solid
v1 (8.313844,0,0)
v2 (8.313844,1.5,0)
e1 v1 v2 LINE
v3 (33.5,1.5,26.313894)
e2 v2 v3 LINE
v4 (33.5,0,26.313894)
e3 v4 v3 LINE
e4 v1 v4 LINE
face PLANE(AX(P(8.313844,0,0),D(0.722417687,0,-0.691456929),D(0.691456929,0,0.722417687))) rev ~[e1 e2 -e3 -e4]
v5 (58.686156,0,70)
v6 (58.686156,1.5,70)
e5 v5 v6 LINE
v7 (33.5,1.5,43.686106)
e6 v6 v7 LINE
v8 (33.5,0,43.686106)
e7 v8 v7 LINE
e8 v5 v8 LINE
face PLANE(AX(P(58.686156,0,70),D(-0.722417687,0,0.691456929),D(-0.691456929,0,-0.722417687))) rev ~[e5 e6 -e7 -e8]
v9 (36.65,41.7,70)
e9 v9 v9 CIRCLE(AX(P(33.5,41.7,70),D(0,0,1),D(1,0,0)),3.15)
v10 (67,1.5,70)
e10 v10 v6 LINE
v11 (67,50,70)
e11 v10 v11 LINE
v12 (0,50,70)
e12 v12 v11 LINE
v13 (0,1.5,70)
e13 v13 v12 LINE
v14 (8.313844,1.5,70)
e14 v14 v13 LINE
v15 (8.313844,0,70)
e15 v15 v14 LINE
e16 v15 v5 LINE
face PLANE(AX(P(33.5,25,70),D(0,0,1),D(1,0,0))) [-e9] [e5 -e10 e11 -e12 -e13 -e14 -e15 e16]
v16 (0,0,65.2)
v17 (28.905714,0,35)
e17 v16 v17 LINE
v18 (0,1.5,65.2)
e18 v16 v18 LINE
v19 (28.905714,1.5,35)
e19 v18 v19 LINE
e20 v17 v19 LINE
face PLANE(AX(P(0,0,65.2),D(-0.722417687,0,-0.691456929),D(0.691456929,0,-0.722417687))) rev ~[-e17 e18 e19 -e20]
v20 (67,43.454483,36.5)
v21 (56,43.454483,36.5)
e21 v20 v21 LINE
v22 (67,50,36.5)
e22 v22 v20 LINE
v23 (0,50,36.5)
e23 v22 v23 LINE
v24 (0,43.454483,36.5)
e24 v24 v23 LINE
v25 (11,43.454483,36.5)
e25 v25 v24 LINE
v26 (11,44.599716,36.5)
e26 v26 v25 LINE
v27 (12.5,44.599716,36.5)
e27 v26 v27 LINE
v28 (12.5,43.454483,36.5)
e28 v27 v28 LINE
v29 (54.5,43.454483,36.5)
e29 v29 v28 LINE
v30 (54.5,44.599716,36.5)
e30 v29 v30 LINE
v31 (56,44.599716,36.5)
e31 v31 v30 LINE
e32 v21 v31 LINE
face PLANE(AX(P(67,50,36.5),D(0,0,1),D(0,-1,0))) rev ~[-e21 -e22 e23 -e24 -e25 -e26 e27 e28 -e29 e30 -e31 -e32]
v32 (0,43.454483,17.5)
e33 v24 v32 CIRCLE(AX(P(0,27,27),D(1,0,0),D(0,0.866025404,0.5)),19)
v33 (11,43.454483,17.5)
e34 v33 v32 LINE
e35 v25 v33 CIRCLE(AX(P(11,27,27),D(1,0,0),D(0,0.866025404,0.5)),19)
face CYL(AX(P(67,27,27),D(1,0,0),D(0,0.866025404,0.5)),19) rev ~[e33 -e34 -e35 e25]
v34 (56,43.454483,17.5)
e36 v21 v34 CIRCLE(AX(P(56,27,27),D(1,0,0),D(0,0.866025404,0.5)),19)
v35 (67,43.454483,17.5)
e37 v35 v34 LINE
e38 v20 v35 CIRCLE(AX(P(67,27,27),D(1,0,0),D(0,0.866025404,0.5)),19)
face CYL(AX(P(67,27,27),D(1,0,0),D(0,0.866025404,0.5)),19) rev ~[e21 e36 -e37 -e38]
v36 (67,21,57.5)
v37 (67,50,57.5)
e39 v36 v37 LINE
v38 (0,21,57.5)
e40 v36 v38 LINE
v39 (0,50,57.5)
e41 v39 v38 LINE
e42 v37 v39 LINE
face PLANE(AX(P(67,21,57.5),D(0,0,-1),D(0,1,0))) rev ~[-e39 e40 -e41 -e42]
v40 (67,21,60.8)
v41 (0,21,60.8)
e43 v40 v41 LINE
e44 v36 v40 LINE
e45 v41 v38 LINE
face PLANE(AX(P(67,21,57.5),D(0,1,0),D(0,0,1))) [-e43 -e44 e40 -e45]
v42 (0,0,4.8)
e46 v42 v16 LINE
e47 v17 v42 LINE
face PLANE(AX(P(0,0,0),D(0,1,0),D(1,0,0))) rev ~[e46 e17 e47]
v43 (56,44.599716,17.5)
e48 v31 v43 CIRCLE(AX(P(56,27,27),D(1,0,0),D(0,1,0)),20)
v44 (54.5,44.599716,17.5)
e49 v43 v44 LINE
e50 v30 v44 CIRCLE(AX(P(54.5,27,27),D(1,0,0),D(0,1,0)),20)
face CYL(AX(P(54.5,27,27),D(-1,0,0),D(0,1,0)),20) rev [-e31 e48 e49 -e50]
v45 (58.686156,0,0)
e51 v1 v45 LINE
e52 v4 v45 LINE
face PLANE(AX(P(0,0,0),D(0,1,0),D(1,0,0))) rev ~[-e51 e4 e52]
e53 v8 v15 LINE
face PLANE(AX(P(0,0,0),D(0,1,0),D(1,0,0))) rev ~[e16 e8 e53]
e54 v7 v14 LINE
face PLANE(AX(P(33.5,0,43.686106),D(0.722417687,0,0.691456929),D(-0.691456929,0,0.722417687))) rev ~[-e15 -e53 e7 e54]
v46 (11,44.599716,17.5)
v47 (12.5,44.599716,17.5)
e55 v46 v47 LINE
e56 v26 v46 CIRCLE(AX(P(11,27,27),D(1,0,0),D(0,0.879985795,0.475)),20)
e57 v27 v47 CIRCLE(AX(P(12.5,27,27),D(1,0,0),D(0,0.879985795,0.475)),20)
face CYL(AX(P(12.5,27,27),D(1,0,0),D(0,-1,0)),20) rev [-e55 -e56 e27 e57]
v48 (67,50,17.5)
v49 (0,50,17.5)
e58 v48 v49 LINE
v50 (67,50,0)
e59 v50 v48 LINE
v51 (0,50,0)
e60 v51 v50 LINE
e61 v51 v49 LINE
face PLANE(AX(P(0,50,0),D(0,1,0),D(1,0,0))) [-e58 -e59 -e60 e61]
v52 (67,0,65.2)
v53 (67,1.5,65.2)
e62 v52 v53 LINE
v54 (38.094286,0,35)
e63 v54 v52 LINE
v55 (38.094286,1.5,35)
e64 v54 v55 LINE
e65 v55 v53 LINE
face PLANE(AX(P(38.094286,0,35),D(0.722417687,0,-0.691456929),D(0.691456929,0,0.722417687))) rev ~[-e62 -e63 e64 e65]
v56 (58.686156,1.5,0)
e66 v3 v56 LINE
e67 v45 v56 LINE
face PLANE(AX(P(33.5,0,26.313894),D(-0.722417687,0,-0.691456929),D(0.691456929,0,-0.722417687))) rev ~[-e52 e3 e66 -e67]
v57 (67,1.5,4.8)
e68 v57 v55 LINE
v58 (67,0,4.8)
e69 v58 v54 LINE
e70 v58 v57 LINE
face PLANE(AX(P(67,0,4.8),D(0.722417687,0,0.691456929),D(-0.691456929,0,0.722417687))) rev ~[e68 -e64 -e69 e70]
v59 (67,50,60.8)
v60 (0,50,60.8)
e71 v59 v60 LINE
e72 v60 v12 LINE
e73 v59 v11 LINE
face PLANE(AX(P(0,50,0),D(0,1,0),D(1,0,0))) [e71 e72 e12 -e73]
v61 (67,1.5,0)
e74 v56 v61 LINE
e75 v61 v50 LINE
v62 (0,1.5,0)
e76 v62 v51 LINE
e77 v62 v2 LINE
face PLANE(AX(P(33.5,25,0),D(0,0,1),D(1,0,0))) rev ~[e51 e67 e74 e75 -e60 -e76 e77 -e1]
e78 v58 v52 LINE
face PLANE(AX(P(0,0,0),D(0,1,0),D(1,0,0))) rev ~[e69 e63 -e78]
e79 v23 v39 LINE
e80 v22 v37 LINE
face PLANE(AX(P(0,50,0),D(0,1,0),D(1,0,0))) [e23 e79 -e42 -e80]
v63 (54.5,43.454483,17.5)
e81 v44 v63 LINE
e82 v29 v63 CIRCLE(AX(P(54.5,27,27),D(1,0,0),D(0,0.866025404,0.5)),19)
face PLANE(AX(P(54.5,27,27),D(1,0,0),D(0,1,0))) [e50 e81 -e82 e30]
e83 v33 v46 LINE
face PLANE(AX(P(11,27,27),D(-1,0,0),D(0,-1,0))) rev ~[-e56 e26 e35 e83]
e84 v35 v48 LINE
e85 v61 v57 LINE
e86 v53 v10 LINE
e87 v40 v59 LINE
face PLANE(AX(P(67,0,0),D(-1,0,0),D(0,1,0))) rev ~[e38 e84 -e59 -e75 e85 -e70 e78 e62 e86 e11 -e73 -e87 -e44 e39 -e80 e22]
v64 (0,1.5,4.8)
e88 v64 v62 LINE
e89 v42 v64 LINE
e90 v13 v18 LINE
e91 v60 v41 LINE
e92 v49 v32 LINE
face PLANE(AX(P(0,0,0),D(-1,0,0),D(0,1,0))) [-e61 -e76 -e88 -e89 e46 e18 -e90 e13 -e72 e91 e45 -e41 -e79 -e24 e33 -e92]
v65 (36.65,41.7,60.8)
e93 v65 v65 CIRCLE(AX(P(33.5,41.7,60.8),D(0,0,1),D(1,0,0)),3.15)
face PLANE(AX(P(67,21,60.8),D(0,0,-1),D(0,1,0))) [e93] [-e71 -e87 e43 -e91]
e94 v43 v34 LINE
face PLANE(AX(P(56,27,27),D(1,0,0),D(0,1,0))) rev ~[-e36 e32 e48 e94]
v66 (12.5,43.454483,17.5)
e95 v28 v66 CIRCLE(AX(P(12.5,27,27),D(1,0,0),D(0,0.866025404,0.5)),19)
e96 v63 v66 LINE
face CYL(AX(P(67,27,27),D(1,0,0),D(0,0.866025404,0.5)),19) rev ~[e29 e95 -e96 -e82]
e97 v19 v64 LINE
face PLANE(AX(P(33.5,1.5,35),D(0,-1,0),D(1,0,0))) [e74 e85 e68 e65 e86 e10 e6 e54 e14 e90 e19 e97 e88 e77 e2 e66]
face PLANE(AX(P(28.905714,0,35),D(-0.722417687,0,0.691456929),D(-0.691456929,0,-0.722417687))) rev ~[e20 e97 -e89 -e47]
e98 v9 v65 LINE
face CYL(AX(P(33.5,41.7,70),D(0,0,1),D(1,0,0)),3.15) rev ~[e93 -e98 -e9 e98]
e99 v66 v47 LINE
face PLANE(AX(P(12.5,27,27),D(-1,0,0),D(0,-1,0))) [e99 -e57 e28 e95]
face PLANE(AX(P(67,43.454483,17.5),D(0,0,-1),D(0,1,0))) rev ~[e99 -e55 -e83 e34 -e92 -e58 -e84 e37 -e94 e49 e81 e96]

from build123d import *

# Parameters (mm, degrees)
F0_W      = 67
F0_H      = 50
F1_DEPTH  = 70
F3_DEPTH  = 1.5
F4_W      = 29
F4_H      = 3.3
F5_DEPTH  = 67.001
F6_R      = 3.15
F7_DEPTH  = 9.2
F9_R      = 20
F10_DEPTH = 1.5
F12_R     = 20
F13_DEPTH = 1.5


with BuildPart() as f1:
    # F0 (on Top) → F1 (new body)
    with BuildSketch(Plane.XY):
        with Locations((33.5, 25)):
            Rectangle(F0_W, F0_H)
    extrude(amount=F1_DEPTH)

    # F2 (on face) → F3 (cut)
    with BuildSketch(Plane.XZ):
        Polygon((8.3138438763, 70), (0, 70), (0, 65.2), (28.9057142857, 35), (0, 4.8), (0, 0), (8.3138438763, 0), (33.5, 26.3138944576), (58.6861561237, 0), (67, 0), (67, 4.8), (38.0942857143, 35), (67, 65.2), (67, 70), (58.6861561237, 70), (33.5, 43.6861055424), align=None)
    extrude(amount=-F3_DEPTH, mode=Mode.SUBTRACT)

    # F4 (on face) → F5 (cut, through all)
    with BuildSketch(Plane.YZ.offset(67)):
        with BuildLine():
            Line((50, 36.5), (43.4544826719, 36.5))
            ThreePointArc((43.4544826719, 36.5), (8, 27), (43.4544826719, 17.5))
            Line((43.4544826719, 17.5), (50, 17.5))
            Line((50, 17.5), (50, 36.5))
        make_face()
        with Locations((35.5, 59.15)):
            Rectangle(F4_W, F4_H)
    extrude(amount=-F5_DEPTH, mode=Mode.SUBTRACT)

    # F6 (on face) → F7 (cut, through all)
    with BuildSketch(Plane.XY.offset(70)):
        with Locations((33.5, 41.7)):
            Circle(F6_R)
    extrude(amount=-F7_DEPTH, mode=Mode.SUBTRACT)

    # F9 (on offset) → F10 (cut)
    with BuildSketch(Plane.YZ.offset(54.5)):
        with Locations((27, 27)):
            Circle(F9_R)
    extrude(amount=F10_DEPTH, mode=Mode.SUBTRACT)

    # F12 (on offset) → F13 (cut)
    with BuildSketch(Plane(origin=(12.5, 0, 0), x_dir=(0, -1, 0), z_dir=(-1, 0, 0))):
        with Locations((-27, 27)):
            Circle(F12_R)
    extrude(amount=F13_DEPTH, mode=Mode.SUBTRACT)


solid = f1.part
